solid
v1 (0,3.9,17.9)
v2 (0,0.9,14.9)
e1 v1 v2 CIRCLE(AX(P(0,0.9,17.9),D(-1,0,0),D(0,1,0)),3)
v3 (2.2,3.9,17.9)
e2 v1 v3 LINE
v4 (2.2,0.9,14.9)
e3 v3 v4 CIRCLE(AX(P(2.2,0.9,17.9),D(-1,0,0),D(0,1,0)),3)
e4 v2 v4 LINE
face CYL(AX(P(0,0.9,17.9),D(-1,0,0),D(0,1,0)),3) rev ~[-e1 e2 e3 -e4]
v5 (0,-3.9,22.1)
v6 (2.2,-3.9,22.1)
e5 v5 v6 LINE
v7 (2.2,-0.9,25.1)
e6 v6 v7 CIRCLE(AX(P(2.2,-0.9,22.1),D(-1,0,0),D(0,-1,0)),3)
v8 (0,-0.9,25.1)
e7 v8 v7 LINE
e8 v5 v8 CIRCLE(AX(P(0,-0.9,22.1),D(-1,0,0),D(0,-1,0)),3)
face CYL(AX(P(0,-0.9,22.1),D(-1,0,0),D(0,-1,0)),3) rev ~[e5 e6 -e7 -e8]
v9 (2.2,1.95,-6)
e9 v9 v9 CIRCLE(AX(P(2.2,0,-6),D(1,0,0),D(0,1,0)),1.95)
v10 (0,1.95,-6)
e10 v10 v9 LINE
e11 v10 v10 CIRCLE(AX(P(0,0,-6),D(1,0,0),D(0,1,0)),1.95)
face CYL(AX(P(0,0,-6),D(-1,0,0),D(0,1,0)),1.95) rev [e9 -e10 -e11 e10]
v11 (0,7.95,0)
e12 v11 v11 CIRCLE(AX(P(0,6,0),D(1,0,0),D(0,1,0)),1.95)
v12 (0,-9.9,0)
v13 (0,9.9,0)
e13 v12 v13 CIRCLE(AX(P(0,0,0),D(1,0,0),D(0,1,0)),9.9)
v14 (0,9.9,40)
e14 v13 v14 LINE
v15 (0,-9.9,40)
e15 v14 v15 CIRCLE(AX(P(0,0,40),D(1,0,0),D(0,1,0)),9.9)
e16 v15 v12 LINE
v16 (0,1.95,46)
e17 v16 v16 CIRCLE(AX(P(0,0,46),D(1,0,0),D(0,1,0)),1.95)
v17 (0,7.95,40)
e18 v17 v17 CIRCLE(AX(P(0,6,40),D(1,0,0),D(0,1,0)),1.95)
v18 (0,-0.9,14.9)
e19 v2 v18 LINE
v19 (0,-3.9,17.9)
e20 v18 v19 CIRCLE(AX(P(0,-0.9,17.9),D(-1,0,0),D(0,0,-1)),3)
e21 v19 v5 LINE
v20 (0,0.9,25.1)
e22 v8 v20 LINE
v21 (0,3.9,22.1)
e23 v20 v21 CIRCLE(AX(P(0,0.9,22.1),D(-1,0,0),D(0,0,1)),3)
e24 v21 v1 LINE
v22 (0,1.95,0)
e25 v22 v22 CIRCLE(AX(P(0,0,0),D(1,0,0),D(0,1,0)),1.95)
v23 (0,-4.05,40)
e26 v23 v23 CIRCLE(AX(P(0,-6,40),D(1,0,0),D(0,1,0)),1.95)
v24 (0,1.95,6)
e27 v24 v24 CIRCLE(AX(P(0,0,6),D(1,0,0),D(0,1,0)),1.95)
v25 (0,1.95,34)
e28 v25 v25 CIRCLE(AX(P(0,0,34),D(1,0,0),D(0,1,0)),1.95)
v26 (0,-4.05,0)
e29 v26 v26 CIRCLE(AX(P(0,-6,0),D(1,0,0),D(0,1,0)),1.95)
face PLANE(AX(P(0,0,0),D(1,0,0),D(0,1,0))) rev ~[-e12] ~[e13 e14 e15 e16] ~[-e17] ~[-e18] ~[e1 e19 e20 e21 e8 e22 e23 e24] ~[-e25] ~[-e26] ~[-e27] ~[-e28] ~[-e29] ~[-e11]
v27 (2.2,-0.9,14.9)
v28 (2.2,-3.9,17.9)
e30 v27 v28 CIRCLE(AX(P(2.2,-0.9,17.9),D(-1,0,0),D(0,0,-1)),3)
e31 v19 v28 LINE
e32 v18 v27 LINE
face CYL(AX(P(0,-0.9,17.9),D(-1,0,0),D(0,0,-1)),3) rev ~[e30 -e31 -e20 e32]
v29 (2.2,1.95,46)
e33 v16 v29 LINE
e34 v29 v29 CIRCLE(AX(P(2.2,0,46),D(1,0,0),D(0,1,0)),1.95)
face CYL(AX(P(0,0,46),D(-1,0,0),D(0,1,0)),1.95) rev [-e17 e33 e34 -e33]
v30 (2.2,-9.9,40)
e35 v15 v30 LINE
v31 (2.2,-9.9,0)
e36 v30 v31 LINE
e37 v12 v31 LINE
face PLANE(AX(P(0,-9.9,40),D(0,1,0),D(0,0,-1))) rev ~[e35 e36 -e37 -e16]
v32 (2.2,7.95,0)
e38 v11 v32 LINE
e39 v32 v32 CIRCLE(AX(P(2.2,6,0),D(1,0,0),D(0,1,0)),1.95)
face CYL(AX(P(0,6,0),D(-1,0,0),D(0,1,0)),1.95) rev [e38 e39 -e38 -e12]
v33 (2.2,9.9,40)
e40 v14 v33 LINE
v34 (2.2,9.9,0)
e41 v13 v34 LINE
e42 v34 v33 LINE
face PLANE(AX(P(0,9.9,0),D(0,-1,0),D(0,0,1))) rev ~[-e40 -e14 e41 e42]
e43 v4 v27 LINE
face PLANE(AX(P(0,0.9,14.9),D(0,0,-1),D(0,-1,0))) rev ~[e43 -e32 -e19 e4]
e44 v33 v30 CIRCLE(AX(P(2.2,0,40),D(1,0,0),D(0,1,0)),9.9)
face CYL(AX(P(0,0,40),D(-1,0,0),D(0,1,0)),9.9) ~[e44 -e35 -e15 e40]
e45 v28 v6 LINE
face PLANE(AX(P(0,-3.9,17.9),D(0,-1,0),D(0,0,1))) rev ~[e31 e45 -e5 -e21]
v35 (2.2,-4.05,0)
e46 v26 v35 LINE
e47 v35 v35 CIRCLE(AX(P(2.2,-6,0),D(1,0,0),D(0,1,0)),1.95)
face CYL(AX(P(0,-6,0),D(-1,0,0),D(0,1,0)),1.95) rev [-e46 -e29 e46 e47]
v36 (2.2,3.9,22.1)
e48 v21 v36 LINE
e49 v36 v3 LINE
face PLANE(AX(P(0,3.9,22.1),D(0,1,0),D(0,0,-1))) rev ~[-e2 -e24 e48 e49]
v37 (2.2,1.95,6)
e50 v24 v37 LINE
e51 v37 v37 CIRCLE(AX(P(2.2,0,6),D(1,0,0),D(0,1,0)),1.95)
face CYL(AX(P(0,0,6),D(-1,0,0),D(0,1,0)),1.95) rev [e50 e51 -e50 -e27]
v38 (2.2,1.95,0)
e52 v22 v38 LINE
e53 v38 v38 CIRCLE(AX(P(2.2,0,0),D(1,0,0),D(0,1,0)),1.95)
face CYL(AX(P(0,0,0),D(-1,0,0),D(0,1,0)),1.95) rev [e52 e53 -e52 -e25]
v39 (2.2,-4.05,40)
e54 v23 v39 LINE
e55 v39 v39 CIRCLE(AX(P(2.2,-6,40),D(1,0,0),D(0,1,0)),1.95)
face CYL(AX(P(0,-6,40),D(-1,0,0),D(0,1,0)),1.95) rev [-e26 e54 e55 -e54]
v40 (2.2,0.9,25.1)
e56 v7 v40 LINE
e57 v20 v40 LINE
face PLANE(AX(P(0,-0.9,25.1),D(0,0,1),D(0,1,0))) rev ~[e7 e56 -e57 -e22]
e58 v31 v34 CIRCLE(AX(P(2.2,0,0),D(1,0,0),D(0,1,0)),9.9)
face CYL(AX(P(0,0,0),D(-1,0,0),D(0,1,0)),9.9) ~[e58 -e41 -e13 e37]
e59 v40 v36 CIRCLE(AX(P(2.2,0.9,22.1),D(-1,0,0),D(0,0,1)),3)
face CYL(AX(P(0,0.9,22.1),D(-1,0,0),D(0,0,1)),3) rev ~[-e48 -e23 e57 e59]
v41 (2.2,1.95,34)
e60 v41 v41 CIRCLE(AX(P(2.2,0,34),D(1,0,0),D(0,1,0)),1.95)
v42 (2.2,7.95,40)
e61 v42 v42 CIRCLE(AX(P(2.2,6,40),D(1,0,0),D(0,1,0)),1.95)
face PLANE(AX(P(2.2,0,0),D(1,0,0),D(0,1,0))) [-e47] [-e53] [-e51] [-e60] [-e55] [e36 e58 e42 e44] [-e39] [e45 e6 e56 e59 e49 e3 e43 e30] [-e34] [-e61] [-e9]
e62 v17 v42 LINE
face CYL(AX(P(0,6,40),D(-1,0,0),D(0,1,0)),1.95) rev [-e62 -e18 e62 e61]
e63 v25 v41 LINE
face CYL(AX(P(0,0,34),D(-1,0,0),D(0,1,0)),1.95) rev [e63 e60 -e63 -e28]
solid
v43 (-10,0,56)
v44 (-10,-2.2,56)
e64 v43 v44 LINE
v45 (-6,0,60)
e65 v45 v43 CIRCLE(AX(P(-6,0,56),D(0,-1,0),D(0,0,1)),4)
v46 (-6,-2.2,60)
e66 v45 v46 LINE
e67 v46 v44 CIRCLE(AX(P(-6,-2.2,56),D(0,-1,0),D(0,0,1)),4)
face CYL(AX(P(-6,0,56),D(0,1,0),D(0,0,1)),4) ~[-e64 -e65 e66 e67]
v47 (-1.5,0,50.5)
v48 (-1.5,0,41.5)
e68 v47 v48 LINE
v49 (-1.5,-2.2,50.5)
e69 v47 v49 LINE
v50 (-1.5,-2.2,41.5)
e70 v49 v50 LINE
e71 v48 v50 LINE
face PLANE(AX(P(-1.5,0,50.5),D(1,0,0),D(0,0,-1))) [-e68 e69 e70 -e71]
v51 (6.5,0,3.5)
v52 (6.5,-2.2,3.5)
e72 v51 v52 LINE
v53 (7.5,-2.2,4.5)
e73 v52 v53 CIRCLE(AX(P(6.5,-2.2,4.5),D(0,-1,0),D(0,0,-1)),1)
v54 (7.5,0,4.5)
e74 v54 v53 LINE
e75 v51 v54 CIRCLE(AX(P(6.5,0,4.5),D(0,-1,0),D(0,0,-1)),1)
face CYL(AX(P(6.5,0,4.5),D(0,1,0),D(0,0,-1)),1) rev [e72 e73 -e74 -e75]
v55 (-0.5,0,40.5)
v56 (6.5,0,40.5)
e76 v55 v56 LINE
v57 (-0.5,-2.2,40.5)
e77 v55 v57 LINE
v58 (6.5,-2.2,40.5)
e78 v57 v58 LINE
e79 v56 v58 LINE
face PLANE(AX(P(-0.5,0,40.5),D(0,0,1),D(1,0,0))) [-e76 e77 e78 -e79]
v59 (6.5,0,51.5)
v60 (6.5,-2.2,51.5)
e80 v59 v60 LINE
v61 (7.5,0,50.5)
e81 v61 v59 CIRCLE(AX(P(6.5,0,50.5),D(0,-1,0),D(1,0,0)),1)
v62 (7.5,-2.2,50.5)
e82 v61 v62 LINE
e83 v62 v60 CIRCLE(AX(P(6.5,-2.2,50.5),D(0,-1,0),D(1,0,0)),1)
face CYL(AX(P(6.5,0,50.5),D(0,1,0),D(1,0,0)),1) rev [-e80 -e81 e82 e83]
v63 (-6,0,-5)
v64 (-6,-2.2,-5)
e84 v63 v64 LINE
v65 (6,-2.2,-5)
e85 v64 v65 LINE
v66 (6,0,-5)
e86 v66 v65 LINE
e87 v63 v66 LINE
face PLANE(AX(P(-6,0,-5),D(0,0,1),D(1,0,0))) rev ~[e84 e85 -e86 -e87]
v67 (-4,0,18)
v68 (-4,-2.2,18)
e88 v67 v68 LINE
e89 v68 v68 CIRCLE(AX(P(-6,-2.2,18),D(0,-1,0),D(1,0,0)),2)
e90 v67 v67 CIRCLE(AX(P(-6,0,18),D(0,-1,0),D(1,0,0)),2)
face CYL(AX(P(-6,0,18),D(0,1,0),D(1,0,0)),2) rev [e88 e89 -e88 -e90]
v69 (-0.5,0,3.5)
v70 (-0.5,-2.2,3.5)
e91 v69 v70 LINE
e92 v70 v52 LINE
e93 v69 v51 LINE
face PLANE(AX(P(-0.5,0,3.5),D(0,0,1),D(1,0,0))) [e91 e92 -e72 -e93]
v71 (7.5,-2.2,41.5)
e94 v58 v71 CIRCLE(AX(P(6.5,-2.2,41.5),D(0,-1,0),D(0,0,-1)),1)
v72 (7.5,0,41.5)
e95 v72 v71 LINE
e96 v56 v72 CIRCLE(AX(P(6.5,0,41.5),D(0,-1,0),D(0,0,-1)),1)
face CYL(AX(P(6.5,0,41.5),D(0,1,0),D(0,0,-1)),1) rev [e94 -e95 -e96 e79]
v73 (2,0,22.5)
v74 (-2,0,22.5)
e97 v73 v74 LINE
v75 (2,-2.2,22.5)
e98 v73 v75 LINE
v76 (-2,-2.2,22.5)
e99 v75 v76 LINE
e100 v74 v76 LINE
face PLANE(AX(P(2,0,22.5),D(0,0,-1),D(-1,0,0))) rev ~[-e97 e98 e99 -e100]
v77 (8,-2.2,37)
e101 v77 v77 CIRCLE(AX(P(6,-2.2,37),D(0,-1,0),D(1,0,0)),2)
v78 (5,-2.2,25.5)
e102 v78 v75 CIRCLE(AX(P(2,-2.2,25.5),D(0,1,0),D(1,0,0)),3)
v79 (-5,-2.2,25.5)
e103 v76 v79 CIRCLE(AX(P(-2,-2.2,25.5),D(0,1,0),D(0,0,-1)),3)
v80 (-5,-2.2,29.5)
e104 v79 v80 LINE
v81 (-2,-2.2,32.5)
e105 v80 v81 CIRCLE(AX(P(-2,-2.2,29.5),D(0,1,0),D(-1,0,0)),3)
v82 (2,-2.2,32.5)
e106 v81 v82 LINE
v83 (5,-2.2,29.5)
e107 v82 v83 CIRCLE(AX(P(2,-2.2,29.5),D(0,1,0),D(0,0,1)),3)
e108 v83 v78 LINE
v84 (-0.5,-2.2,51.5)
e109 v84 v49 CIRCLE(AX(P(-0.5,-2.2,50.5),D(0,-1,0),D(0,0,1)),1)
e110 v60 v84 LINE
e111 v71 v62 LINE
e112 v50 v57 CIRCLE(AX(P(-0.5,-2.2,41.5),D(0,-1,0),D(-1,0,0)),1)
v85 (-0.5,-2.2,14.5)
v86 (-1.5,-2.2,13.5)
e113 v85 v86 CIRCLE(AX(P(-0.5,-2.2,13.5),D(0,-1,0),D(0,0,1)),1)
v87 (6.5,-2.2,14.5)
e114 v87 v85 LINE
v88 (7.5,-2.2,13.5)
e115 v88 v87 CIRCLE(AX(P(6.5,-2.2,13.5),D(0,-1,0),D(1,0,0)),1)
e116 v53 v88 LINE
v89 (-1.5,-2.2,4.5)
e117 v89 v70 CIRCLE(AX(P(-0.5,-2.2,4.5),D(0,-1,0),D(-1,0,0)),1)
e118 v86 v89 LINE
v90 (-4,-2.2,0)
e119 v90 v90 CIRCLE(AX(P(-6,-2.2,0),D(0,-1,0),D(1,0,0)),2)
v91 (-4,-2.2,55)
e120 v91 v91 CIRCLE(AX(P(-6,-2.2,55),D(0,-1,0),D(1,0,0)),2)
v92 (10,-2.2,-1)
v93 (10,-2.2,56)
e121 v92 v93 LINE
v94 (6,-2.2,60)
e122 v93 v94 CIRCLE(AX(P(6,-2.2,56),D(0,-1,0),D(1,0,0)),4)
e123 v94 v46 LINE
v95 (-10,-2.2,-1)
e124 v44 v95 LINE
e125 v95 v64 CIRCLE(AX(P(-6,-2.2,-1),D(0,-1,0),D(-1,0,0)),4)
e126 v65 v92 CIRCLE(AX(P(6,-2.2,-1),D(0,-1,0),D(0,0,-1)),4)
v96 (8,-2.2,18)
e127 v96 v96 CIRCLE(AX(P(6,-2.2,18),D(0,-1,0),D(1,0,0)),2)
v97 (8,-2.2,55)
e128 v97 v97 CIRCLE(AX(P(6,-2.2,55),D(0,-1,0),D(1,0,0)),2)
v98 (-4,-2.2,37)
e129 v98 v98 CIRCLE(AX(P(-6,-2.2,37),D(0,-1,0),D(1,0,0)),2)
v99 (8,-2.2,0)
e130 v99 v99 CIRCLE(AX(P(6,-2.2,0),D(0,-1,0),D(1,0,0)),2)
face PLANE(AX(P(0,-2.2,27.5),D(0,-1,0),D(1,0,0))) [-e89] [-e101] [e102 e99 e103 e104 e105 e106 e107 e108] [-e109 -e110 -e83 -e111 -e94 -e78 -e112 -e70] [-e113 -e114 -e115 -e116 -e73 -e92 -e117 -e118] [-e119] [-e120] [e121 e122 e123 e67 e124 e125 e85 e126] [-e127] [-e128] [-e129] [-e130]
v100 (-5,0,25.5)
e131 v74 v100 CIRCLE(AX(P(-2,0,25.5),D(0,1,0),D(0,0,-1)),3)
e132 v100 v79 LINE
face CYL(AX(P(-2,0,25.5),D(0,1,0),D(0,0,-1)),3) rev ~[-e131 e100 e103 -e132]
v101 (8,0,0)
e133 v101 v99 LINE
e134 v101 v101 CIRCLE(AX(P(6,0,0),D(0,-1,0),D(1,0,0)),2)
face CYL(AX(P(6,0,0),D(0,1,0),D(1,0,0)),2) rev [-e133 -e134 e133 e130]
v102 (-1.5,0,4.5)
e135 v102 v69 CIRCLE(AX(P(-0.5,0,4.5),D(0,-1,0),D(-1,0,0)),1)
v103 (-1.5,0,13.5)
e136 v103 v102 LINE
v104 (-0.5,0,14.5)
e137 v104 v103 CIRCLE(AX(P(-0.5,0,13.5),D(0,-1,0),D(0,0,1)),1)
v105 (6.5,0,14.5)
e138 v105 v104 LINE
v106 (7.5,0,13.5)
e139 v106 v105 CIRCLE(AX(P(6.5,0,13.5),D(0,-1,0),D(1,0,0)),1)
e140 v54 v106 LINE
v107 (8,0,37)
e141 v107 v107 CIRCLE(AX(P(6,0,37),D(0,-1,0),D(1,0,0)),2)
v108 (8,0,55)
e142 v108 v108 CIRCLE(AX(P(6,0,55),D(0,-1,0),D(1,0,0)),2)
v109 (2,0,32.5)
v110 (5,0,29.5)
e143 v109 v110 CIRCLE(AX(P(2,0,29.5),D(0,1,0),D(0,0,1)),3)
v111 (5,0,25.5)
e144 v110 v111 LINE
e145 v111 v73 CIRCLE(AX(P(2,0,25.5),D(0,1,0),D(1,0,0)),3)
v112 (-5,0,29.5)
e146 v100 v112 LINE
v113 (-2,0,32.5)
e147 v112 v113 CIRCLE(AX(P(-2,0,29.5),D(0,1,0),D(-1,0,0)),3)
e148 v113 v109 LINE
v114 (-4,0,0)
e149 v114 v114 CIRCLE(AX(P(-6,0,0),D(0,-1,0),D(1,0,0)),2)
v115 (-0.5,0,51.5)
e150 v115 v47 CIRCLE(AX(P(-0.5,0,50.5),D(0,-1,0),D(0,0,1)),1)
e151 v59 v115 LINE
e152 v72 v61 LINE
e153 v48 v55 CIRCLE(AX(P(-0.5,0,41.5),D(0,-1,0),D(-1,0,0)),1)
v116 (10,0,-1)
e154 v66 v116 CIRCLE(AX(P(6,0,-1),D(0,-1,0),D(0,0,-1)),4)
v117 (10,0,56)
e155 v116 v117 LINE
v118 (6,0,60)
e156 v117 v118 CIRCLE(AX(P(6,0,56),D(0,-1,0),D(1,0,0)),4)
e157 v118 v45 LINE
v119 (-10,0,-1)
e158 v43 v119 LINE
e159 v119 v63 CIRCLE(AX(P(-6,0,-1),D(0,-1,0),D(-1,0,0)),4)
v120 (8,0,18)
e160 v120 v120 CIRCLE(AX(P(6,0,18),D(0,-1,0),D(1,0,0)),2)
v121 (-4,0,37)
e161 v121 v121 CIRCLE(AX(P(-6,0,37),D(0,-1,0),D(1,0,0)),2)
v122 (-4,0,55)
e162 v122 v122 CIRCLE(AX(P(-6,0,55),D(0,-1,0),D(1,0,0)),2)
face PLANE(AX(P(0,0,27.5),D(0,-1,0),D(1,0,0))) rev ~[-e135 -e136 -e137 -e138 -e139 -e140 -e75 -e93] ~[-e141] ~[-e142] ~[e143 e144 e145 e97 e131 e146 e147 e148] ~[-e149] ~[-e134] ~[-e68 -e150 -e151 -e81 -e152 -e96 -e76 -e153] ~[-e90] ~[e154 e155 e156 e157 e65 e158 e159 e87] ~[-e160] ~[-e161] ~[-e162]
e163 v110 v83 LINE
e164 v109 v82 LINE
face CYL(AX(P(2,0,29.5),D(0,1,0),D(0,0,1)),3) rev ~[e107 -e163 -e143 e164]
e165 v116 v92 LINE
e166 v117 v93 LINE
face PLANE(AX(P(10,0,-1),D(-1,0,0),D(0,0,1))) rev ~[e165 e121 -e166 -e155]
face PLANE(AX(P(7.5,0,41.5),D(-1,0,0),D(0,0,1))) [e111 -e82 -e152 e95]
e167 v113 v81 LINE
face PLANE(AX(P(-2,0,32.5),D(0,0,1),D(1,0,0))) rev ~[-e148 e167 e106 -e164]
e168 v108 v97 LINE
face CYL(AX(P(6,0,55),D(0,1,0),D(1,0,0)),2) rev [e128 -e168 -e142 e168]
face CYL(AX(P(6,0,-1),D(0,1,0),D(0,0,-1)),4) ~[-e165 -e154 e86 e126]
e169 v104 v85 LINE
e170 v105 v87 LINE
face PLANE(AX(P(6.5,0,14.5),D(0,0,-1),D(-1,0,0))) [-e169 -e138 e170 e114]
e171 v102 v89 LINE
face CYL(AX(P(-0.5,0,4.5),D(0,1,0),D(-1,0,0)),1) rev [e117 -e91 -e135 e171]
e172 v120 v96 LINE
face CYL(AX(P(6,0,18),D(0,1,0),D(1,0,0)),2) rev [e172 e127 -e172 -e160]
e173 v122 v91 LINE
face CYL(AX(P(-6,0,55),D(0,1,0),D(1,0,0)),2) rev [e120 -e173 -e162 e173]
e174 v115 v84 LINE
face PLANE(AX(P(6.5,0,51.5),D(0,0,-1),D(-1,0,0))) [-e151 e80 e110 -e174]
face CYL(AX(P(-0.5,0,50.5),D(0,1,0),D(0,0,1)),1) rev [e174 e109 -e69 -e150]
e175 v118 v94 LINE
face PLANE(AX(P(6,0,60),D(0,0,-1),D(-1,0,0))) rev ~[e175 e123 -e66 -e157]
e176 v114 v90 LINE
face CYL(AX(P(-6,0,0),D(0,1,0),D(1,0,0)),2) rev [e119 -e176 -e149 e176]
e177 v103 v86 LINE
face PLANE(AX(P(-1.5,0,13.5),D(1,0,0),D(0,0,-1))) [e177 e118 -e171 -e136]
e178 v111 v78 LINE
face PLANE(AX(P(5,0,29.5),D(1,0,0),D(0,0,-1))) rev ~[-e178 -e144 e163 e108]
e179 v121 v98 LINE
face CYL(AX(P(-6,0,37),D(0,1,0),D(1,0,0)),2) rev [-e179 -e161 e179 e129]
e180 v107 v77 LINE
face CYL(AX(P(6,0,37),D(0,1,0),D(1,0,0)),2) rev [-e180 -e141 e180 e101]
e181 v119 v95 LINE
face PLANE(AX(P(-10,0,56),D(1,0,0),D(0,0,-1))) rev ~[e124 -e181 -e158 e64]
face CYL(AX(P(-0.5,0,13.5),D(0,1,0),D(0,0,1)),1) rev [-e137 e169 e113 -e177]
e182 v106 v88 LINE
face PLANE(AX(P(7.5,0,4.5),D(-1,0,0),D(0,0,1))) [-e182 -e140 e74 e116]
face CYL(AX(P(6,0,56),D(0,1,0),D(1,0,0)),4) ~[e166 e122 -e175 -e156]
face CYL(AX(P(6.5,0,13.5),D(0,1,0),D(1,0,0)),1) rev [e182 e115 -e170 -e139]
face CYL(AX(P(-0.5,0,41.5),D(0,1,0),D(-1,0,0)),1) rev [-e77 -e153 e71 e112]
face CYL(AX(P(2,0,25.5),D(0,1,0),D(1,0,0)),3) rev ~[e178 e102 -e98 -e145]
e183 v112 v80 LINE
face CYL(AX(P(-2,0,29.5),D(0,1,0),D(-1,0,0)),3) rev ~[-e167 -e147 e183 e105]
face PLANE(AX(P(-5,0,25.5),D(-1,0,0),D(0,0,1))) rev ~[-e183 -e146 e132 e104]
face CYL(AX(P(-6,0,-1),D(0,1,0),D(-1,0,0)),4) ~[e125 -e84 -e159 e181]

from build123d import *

# Parameters (mm, degrees)
F3_R     = 2
F4_DEPTH = 2.2
F6_DEPTH = 2.2
F7_R     = 1.95
F8_DEPTH = 2.2


with BuildPart() as f4:
    # F3 (on Front) → F4 (new body)
    with BuildSketch(Plane.XZ):
        with BuildLine():
            ThreePointArc((10, 56), (8.8284271247, 58.8284271247), (6, 60))
            Line((6, 60), (-6, 60))
            ThreePointArc((-6, 60), (-8.8284271247, 58.8284271247), (-10, 56))
            Line((-10, 56), (-10, -1))
            ThreePointArc((-10, -1), (-8.8284271247, -3.8284271247), (-6, -5))
            Line((-6, -5), (6, -5))
            ThreePointArc((6, -5), (8.8284271247, -3.8284271247), (10, -1))
            Line((10, -1), (10, 56))
        make_face()
        with Locations((-6, 0)):
            Circle(F3_R, mode=Mode.SUBTRACT)
        with Locations((-6, 18)):
            Circle(F3_R, mode=Mode.SUBTRACT)
        with Locations((6, 0)):
            Circle(F3_R, mode=Mode.SUBTRACT)
        with Locations((6, 18)):
            Circle(F3_R, mode=Mode.SUBTRACT)
        with Locations((-6, 37)):
            Circle(F3_R, mode=Mode.SUBTRACT)
        with Locations((-6, 55)):
            Circle(F3_R, mode=Mode.SUBTRACT)
        with BuildLine():
            ThreePointArc((5, 25.5), (4.1213203436, 23.3786796564), (2, 22.5))
            Line((2, 22.5), (-2, 22.5))
            ThreePointArc((-2, 22.5), (-4.1213203436, 23.3786796564), (-5, 25.5))
            Line((-5, 25.5), (-5, 29.5))
            ThreePointArc((-5, 29.5), (-4.1213203436, 31.6213203436), (-2, 32.5))
            Line((-2, 32.5), (2, 32.5))
            ThreePointArc((2, 32.5), (4.1213203436, 31.6213203436), (5, 29.5))
            Line((5, 29.5), (5, 25.5))
        make_face(mode=Mode.SUBTRACT)
        with Locations((6, 37)):
            Circle(F3_R, mode=Mode.SUBTRACT)
        with Locations((6, 55)):
            Circle(F3_R, mode=Mode.SUBTRACT)
    extrude(amount=F4_DEPTH)

    # F5 (on Front) → F6 (cut, through all)
    with BuildSketch(Plane.XZ):
        with BuildLine():
            Line((6.5, 14.5), (-0.5, 14.5))
            ThreePointArc((-0.5, 14.5), (-1.2071067812, 14.2071067812), (-1.5, 13.5))
            Line((-1.5, 13.5), (-1.5, 4.5))
            ThreePointArc((-1.5, 4.5), (-1.2071067812, 3.7928932188), (-0.5, 3.5))
            Line((-0.5, 3.5), (6.5, 3.5))
            ThreePointArc((6.5, 3.5), (7.2071067812, 3.7928932188), (7.5, 4.5))
            Line((7.5, 4.5), (7.5, 13.5))
            ThreePointArc((7.5, 13.5), (7.2071067812, 14.2071067812), (6.5, 14.5))
        make_face()
        with BuildLine():
            ThreePointArc((-1.5, 41.5), (-1.2071067812, 40.7928932188), (-0.5, 40.5))
            Line((-0.5, 40.5), (6.5, 40.5))
            ThreePointArc((6.5, 40.5), (7.2071067812, 40.7928932188), (7.5, 41.5))
            Line((7.5, 41.5), (7.5, 50.5))
            ThreePointArc((7.5, 50.5), (7.2071067812, 51.2071067812), (6.5, 51.5))
            Line((6.5, 51.5), (-0.5, 51.5))
            ThreePointArc((-0.5, 51.5), (-1.2071067812, 51.2071067812), (-1.5, 50.5))
            Line((-1.5, 50.5), (-1.5, 41.5))
        make_face()
    extrude(amount=F6_DEPTH, mode=Mode.SUBTRACT)


with BuildPart() as f8:
    # F7 (on Right) → F8 (new body)
    with BuildSketch(Plane.YZ):
        with BuildLine():
            ThreePointArc((-9.9, 0), (0, -9.9), (9.9, 0))
            ThreePointArc((9.9, 0), (0, 9.9), (-9.9, 0))
        make_face()
        with Locations((-6, 0)):
            Circle(F7_R, mode=Mode.SUBTRACT)
        with Locations((0, -6)):
            Circle(F7_R, mode=Mode.SUBTRACT)
        Circle(F7_R, mode=Mode.SUBTRACT)
        with Locations((6, 0)):
            Circle(F7_R, mode=Mode.SUBTRACT)
        with Locations((0, 6)):
            Circle(F7_R, mode=Mode.SUBTRACT)
        with BuildLine():
            ThreePointArc((-9.9, 0), (0, 9.9), (9.9, 0))
            Line((9.9, 0), (9.9, 40))
            ThreePointArc((9.9, 40), (0, 30.1), (-9.9, 40))
            Line((-9.9, 40), (-9.9, 0))
        make_face()
        with BuildLine():
            ThreePointArc((3.9, 17.9), (3.0213203436, 15.7786796564), (0.9, 14.9))
            Line((0.9, 14.9), (-0.9, 14.9))
            ThreePointArc((-0.9, 14.9), (-3.0213203436, 15.7786796564), (-3.9, 17.9))
            Line((-3.9, 17.9), (-3.9, 22.1))
            ThreePointArc((-3.9, 22.1), (-3.0213203436, 24.2213203436), (-0.9, 25.1))
            Line((-0.9, 25.1), (0.9, 25.1))
            ThreePointArc((0.9, 25.1), (3.0213203436, 24.2213203436), (3.9, 22.1))
            Line((3.9, 22.1), (3.9, 17.9))
        make_face(mode=Mode.SUBTRACT)
        with BuildLine():
            ThreePointArc((-9.9, 40), (0, 30.1), (9.9, 40))
            ThreePointArc((9.9, 40), (0, 49.9), (-9.9, 40))
        make_face()
        with Locations((-6, 40)):
            Circle(F7_R, mode=Mode.SUBTRACT)
        with Locations((0, 34)):
            Circle(F7_R, mode=Mode.SUBTRACT)
        with Locations((0, 46)):
            Circle(F7_R, mode=Mode.SUBTRACT)
        with Locations((6, 40)):
            Circle(F7_R, mode=Mode.SUBTRACT)
    extrude(amount=F8_DEPTH)


solid = Compound([f4.part, f8.part])
